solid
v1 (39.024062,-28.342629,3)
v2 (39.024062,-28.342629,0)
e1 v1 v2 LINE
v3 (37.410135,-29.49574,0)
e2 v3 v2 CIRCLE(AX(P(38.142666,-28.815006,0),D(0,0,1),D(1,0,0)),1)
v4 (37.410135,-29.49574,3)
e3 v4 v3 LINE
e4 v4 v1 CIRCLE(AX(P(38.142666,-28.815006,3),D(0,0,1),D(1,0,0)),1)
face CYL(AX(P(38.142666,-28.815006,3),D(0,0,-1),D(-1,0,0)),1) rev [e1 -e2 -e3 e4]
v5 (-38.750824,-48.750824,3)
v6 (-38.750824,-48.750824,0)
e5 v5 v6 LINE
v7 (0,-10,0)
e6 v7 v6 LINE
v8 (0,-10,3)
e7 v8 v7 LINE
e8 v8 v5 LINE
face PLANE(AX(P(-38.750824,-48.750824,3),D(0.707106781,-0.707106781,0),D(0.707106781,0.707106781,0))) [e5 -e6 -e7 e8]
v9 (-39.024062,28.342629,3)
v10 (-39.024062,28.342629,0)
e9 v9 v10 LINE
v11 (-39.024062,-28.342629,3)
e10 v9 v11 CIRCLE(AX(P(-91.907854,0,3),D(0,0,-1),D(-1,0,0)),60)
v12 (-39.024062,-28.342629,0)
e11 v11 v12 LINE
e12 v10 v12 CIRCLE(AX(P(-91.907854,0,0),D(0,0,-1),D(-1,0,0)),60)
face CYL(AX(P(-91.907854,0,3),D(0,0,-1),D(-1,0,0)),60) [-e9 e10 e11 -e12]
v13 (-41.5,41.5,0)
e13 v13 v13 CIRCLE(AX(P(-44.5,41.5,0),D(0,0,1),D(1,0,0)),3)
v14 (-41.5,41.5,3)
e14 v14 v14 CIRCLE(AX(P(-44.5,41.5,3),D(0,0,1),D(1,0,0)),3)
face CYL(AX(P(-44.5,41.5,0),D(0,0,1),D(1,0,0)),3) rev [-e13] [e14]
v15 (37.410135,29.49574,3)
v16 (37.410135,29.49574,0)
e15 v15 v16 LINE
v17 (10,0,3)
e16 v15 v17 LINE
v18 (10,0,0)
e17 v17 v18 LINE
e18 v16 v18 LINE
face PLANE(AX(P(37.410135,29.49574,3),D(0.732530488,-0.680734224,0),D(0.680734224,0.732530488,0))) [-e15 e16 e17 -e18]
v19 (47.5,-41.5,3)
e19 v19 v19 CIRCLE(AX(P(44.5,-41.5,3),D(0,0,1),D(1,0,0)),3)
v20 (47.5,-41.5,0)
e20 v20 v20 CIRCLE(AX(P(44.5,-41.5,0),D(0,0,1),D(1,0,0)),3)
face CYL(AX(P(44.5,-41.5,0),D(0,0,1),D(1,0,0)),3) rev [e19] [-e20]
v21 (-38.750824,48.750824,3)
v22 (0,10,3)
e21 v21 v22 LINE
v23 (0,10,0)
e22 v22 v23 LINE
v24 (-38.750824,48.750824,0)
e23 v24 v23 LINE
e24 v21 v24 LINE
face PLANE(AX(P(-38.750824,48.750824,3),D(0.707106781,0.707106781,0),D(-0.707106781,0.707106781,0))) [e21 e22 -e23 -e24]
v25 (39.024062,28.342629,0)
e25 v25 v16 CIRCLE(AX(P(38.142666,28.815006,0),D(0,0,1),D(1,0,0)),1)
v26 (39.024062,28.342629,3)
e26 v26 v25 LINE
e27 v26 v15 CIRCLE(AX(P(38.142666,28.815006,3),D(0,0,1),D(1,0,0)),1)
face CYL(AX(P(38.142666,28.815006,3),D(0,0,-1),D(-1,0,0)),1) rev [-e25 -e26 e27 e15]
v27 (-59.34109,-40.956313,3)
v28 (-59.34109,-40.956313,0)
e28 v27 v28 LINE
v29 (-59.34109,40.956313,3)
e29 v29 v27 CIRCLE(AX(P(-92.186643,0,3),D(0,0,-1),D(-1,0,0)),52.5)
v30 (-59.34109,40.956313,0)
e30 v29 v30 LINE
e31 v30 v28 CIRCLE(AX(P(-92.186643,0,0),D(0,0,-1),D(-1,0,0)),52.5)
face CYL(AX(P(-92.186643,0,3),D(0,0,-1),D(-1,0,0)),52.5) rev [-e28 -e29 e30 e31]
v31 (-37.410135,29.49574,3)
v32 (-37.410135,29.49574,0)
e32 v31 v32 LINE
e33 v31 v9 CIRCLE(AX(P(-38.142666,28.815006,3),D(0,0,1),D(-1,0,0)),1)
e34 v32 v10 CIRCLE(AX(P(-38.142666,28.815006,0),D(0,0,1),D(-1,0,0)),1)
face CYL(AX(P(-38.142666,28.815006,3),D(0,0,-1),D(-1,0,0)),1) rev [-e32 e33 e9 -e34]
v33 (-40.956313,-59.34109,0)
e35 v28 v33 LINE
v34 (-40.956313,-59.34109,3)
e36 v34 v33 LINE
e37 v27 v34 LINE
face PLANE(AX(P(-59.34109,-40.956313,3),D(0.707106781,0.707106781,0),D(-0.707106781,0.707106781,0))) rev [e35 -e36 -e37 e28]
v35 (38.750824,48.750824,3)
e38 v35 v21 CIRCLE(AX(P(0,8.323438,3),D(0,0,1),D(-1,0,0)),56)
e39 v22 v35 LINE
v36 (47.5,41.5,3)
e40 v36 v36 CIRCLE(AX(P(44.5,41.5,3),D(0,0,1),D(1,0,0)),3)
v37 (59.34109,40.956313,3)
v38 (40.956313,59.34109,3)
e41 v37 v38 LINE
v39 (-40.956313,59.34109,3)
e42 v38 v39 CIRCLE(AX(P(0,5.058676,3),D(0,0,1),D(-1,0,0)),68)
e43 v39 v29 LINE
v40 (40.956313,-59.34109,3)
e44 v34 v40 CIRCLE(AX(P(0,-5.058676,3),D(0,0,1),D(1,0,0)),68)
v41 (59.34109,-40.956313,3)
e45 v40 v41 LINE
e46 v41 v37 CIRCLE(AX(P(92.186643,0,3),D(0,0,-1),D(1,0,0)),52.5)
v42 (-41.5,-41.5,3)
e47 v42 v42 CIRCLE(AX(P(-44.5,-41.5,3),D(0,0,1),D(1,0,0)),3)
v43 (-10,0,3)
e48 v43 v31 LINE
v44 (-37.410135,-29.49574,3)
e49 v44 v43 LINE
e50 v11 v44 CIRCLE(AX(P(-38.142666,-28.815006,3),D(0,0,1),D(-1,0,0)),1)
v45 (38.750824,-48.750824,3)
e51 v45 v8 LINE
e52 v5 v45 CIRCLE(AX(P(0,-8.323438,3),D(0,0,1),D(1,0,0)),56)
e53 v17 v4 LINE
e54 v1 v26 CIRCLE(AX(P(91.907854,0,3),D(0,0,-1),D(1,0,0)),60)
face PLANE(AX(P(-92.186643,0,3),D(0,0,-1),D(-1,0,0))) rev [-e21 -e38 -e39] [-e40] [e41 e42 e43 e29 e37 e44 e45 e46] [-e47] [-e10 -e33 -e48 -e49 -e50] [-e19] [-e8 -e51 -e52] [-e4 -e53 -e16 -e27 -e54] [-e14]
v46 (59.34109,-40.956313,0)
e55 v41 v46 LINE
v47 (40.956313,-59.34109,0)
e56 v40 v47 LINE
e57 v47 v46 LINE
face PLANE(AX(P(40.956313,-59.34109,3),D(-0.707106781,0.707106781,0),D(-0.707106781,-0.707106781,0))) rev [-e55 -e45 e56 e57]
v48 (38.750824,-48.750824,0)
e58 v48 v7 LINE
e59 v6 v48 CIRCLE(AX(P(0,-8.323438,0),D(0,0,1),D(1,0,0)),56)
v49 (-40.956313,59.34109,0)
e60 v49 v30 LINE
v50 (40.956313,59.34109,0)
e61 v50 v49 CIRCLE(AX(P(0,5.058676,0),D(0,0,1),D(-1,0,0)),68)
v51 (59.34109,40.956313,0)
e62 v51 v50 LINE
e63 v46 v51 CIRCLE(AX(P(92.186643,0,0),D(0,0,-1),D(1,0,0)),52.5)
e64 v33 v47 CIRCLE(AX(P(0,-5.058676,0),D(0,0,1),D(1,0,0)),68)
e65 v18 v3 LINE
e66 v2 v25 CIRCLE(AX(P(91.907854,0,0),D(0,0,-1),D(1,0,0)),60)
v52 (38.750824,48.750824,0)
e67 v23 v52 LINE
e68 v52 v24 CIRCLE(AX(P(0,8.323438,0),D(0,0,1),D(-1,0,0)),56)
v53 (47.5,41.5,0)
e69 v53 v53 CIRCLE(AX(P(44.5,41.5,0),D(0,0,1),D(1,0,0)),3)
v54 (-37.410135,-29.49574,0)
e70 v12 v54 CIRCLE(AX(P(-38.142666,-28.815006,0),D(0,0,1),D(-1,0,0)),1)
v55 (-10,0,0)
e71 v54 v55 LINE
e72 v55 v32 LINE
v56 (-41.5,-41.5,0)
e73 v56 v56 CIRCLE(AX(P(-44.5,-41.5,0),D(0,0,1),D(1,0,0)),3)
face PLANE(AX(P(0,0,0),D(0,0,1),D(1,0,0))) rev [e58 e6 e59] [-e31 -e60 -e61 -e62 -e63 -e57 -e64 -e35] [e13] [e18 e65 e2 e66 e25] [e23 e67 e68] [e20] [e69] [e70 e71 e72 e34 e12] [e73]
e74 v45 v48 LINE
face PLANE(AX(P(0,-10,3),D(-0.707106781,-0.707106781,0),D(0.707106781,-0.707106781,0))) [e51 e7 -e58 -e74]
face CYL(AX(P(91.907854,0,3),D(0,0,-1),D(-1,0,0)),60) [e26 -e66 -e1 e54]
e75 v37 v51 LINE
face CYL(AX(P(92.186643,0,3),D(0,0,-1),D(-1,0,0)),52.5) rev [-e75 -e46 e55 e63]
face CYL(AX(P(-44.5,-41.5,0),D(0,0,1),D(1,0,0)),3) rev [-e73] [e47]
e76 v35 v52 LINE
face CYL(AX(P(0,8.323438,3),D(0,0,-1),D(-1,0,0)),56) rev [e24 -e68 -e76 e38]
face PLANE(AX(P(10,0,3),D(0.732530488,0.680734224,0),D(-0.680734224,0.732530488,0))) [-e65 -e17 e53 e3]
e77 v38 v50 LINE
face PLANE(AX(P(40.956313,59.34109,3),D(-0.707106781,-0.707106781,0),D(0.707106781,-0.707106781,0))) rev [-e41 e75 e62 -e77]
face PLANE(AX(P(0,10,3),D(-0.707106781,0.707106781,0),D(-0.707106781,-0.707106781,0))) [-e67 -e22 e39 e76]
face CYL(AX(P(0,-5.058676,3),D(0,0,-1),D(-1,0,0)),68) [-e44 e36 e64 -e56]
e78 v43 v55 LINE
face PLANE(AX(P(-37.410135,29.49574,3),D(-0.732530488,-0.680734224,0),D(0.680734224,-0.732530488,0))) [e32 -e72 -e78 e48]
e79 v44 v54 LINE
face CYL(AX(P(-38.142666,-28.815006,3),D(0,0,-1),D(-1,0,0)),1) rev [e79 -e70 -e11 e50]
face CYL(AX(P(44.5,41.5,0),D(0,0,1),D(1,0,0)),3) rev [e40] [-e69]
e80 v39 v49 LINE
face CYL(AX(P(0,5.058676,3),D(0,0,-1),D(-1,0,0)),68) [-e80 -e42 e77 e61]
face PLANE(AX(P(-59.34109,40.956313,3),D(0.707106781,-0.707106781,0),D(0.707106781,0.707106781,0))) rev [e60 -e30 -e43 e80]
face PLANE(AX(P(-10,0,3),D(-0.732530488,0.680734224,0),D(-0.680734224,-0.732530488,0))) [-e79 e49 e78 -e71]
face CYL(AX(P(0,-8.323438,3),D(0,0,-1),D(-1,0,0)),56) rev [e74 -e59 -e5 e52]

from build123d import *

# Parameters (mm, degrees)
SKETCH1_R             = 5
BOSS_EXTRUDE1_DEPTH   = 0.1
BOSS_EXTRUDE1_2_DEPTH = 0.1
BOSS_EXTRUDE1_3_DEPTH = 0.1
BOSS_EXTRUDE1_4_DEPTH = 0.1
BOSS_EXTRUDE2_DEPTH   = 3
SKETCH3_R             = 3
CUT_EXTRUDE1_DEPTH    = 3


with BuildPart() as part:
    # Sketch1 → Boss-Extrude1 (new body)
    with BuildSketch(Plane.XY):
        with Locations((-44.491847198, 44.491847198)):
            Circle(SKETCH1_R)
    extrude(amount=BOSS_EXTRUDE1_DEPTH)



with BuildPart() as body_2:
    # Sketch1 → Boss-Extrude1 2 (new body)
    with BuildSketch(Plane.XY):
        with Locations((44.491847198, 44.491847198)):
            Circle(SKETCH1_R)
    extrude(amount=BOSS_EXTRUDE1_2_DEPTH)


with BuildPart() as body_3:
    # Sketch1 → Boss-Extrude1 3 (new body)
    with BuildSketch(Plane.XY):
        with Locations((44.491847198, -44.491847198)):
            Circle(SKETCH1_R)
    extrude(amount=BOSS_EXTRUDE1_3_DEPTH)


with BuildPart() as body_4:
    # Sketch1 → Boss-Extrude1 4 (new body)
    with BuildSketch(Plane.XY):
        with Locations((-44.491847198, -44.491847198)):
            Circle(SKETCH1_R)
    extrude(amount=BOSS_EXTRUDE1_4_DEPTH)


with BuildPart() as part_1:
    add(part.part)

    add(body_2.part)  # Boss-Extrude2 merges body 2

    add(body_3.part)  # Boss-Extrude2 merges body 3

    add(body_4.part)  # Boss-Extrude2 merges body 4
    # Sketch2 → Boss-Extrude2 (add)
    with BuildSketch(Plane.XY):
        with BuildLine():
            Line((-59.341089603, 40.956313292), (-40.956313292, 59.341089603))
            ThreePointArc((-40.956313292, 59.341089603), (0, 73.058676231), (40.956313292, 59.341089603))
            Line((40.956313292, 59.341089603), (59.341089603, 40.956313292))
            ThreePointArc((59.341089603, 40.956313292), (39.686643359, 0), (59.341089603, -40.956313292))
            Line((59.341089603, -40.956313292), (40.956313292, -59.341089603))
            ThreePointArc((40.956313292, -59.341089603), (0, -73.058676231), (-40.956313292, -59.341089603))
            Line((-40.956313292, -59.341089603), (-59.341089603, -40.956313292))
            ThreePointArc((-59.341089603, -40.956313292), (-39.686643359, 0), (-59.341089603, 40.956313292))
        make_face()
        with BuildLine():
            Line((-38.750824491, 48.750824491), (0, 10))
            Line((0, 10), (38.750824491, 48.750824491))
            ThreePointArc((38.750824491, 48.750824491), (0, 64.323437718), (-38.750824491, 48.750824491))
        make_face(mode=Mode.SUBTRACT)
        with BuildLine():
            Line((-37.410135101, 29.495739933), (-10, 0))
            Line((-10, 0), (-37.410135101, -29.495739933))
            ThreePointArc((-37.410135101, -29.495739933), (-38.724006049, -29.628666123), (-39.024062115, -28.342628566))
            ThreePointArc((-39.024062115, -28.342628566), (-31.907853639, 0), (-39.024062115, 28.342628566))
            ThreePointArc((-39.024062115, 28.342628566), (-38.724006049, 29.628666123), (-37.410135101, 29.495739933))
        make_face(mode=Mode.SUBTRACT)
        with BuildLine():
            Line((10, 0), (37.410135101, -29.495739933))
            ThreePointArc((37.410135101, -29.495739933), (38.724006049, -29.628666123), (39.024062115, -28.342628566))
            ThreePointArc((39.024062115, -28.342628566), (31.907853639, 0), (39.024062115, 28.342628566))
            ThreePointArc((39.024062115, 28.342628566), (38.724006049, 29.628666123), (37.410135101, 29.495739933))
            Line((37.410135101, 29.495739933), (10, 0))
        make_face(mode=Mode.SUBTRACT)
        with BuildLine():
            Line((0, -10), (38.750824491, -48.750824491))
            ThreePointArc((38.750824491, -48.750824491), (0, -64.323437718), (-38.750824491, -48.750824491))
            Line((-38.750824491, -48.750824491), (0, -10))
        make_face(mode=Mode.SUBTRACT)
    extrude(amount=BOSS_EXTRUDE2_DEPTH)

    # Sketch3 → Cut-Extrude1 (cut)
    with BuildSketch(Plane.XY.offset(3)):
        with Locations((-44.5, -41.5)):
            Circle(SKETCH3_R)
        with Locations((44.5, -41.5)):
            Circle(SKETCH3_R)
        with Locations((44.5, 41.5)):
            Circle(SKETCH3_R)
        with Locations((-44.5, 41.5)):
            Circle(SKETCH3_R)
    extrude(amount=-CUT_EXTRUDE1_DEPTH, mode=Mode.SUBTRACT)


solid = part_1.part
